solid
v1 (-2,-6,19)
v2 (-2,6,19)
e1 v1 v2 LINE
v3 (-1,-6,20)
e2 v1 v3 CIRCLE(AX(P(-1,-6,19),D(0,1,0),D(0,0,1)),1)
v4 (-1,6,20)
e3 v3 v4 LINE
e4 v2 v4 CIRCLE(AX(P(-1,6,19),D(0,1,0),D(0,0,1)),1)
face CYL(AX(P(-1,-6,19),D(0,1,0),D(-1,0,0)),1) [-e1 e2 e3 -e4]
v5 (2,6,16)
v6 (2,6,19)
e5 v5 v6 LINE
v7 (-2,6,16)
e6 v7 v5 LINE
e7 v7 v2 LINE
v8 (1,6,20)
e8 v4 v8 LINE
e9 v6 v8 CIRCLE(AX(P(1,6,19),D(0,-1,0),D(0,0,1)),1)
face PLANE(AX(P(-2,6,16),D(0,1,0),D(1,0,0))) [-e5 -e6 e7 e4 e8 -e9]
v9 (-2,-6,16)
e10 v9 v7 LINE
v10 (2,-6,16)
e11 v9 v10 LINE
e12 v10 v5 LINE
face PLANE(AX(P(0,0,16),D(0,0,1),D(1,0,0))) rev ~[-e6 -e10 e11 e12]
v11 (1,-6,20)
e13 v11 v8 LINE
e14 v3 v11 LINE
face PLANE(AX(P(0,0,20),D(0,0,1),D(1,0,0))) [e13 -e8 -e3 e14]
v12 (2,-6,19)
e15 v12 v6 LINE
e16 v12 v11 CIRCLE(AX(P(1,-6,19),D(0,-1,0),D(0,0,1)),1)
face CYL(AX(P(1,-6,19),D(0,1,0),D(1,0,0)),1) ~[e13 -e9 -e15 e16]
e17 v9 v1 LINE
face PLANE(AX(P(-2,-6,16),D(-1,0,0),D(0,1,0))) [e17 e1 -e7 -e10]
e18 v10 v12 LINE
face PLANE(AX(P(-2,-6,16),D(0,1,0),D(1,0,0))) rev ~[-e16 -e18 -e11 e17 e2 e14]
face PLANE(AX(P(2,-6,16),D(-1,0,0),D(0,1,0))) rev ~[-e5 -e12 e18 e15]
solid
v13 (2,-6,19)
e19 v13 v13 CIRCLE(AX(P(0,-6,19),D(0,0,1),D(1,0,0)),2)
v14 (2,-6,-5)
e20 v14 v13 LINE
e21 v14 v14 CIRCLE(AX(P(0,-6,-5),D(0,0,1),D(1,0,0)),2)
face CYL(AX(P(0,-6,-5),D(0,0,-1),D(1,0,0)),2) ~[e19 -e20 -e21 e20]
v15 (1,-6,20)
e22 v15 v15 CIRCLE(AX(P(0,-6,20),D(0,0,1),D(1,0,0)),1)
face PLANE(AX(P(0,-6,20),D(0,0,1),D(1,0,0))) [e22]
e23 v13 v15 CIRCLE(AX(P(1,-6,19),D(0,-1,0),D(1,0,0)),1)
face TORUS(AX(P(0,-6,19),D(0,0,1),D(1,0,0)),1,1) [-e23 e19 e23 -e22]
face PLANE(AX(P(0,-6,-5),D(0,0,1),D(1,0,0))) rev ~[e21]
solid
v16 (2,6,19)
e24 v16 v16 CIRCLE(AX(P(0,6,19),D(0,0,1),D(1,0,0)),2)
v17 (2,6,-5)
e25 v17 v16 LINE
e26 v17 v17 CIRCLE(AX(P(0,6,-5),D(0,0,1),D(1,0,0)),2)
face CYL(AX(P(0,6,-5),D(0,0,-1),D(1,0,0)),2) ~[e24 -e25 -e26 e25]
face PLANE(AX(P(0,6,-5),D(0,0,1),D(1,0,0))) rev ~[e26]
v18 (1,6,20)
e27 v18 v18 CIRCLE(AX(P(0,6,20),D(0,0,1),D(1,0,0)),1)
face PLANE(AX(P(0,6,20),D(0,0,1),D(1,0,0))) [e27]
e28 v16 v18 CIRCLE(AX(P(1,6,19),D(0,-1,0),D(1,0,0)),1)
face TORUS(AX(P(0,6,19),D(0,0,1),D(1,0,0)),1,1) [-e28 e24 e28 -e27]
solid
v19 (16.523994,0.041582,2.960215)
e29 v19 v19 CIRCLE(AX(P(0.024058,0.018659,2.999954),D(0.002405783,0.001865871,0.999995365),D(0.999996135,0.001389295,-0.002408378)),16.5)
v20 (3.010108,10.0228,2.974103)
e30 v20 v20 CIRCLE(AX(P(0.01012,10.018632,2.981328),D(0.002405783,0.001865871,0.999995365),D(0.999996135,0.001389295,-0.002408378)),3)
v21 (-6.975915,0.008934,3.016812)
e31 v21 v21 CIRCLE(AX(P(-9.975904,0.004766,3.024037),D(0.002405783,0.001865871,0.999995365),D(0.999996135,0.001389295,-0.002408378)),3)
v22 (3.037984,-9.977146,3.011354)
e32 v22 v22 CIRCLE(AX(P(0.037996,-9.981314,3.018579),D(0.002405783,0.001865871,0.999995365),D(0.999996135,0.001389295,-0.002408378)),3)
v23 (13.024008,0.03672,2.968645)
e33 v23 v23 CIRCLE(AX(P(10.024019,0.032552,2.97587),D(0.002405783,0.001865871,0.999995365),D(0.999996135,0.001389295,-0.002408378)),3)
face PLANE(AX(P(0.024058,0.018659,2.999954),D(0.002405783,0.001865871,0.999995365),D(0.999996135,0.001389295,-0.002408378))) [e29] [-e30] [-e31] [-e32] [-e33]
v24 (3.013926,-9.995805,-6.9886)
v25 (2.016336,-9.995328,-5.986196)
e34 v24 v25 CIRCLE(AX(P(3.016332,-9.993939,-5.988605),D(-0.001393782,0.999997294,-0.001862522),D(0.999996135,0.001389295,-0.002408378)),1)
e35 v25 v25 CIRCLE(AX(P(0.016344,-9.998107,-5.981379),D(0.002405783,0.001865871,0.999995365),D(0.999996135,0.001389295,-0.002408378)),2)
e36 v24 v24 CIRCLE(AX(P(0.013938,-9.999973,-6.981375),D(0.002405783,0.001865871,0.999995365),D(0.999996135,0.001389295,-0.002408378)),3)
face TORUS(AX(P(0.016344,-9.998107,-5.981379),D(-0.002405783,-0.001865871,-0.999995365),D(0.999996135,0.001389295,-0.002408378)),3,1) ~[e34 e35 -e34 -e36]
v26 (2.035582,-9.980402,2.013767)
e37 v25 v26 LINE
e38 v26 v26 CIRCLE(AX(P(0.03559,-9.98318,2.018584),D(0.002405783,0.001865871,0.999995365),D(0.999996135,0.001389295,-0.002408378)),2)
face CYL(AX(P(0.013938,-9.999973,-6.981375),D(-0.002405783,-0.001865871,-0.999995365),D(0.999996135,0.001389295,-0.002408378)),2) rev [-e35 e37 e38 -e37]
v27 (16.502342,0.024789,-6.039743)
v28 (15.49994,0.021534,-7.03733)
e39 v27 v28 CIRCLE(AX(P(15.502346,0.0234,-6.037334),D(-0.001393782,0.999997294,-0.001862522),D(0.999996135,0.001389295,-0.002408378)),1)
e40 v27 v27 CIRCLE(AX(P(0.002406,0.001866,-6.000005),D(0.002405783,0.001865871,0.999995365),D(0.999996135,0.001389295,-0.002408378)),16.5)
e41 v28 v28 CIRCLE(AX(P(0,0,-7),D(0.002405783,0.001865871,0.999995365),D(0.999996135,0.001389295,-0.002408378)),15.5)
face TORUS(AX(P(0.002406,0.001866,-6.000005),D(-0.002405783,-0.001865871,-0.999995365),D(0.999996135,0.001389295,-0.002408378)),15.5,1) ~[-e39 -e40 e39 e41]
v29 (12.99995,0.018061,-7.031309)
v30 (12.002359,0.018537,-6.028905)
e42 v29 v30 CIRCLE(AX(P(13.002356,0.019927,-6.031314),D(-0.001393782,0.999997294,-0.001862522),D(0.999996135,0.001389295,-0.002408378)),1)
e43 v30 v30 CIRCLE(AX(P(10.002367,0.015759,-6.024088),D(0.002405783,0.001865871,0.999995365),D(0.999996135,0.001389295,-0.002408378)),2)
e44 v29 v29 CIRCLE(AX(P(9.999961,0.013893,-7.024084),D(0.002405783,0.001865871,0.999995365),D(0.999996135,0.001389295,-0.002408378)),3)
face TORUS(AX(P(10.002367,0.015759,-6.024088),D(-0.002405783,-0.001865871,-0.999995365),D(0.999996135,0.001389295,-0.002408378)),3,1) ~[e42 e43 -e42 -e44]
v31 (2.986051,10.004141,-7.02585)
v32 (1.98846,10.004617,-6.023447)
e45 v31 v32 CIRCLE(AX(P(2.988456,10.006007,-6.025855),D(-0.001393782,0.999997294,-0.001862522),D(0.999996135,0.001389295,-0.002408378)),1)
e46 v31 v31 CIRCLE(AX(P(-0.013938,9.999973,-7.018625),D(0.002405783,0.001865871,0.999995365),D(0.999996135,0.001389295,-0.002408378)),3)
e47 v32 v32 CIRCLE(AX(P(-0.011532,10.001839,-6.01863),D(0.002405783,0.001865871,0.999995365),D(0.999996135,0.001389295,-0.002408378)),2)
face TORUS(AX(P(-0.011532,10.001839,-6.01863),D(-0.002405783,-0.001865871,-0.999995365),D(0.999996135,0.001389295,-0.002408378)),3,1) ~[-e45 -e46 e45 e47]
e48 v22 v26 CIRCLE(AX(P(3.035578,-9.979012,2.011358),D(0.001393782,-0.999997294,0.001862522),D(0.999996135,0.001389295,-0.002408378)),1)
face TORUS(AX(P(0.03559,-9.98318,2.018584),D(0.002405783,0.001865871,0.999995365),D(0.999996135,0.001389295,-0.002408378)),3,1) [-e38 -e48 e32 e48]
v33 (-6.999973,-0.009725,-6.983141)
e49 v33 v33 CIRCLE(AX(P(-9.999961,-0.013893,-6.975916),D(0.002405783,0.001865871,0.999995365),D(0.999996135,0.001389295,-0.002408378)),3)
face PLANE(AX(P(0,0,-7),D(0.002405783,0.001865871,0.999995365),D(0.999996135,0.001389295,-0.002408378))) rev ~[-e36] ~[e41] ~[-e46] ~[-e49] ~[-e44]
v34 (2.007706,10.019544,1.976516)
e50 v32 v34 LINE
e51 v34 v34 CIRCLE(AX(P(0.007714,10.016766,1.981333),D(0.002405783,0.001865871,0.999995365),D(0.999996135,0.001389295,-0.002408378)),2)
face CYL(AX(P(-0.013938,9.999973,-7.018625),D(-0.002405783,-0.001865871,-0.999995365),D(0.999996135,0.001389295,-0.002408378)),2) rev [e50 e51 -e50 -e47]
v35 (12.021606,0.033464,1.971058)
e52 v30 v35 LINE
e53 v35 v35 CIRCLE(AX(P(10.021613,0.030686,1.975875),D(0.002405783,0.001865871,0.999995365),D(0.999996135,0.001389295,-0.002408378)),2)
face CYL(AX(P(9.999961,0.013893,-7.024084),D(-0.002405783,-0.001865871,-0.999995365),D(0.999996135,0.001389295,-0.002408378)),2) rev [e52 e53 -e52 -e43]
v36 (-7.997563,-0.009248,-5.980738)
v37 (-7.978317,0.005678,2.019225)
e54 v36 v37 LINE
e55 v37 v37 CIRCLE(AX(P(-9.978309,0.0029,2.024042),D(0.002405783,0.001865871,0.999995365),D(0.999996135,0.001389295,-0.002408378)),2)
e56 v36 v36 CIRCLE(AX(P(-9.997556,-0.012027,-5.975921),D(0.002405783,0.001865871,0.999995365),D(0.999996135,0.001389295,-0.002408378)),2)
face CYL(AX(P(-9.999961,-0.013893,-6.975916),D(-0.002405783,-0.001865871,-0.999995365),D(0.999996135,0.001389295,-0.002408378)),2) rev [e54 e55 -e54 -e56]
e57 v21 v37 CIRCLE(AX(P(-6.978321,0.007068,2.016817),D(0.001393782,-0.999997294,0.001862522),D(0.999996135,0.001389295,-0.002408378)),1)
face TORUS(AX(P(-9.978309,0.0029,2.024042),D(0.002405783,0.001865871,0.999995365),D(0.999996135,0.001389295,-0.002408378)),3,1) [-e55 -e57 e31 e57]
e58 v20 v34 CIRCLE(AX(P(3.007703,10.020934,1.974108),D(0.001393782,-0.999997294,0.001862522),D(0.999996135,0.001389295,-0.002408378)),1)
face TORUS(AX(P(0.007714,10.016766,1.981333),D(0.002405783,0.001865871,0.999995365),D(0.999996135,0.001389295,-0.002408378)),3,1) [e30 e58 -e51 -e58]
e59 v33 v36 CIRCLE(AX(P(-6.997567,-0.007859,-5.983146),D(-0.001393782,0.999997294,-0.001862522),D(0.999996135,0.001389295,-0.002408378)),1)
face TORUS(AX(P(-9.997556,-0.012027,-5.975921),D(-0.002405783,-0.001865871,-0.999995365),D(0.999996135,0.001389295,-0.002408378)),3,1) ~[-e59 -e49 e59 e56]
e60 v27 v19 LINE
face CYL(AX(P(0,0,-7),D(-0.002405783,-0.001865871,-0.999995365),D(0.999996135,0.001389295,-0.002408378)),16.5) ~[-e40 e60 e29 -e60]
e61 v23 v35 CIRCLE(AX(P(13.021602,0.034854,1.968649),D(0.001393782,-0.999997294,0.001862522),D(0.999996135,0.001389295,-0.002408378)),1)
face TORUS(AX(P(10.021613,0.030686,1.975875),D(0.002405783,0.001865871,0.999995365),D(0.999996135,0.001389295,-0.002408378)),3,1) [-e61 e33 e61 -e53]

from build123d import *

# Parameters (mm, degrees)
BOX_W                  = 4
BOX_H                  = 12
BOX_DEPTH              = 4
FILLET_R               = 1
CYLINDER007_R          = 2
CYLINDER007_DEPTH      = 25
FILLET001_R            = 1
CYLINDER006_R          = 2
CYLINDER006_DEPTH      = 25
FILLET002_R            = 1
CYLINDER004_R          = 2
CYLINDER004_DEPTH      = 10
CYLINDER002_R          = 2
CYLINDER002_DEPTH      = 10
CYLINDER001_R          = 2
CYLINDER001_DEPTH      = 10
CYLINDER005_R          = 2
CYLINDER005_DEPTH      = 10
CYLINDER_R             = 16.5
CYLINDER_DEPTH         = 10
CUT003_ROLL_ANGLE      = -0.106715
CUT003_PITCH_ANGLE     = 0.13799
CUT003_PLACEMENT_ANGLE = 0.079601
FILLET003_R            = 1


with BuildPart() as fillet_body:
    # Box → Box (new body)
    with BuildSketch(Plane(origin=(-2, -6, 16), x_dir=(1, 0, 0), z_dir=(0, 0, 1))):
        with Locations((2, 6)):
            Rectangle(BOX_W, BOX_H)
    extrude(amount=BOX_DEPTH)

    # Fillet
    fillet_edges = [fillet_body.edges().sort_by_distance(p)[0] for p in [
        (-2, 0, 20),
        (2, 0, 20),
    ]]
    fillet(fillet_edges, radius=FILLET_R)


with BuildPart() as fillet001:
    # Cylinder007 → Cylinder007 (new body)
    with BuildSketch(Plane(origin=(0, -6, -5), x_dir=(1, 0, 0), z_dir=(0, 0, 1))):
        Circle(CYLINDER007_R)
    extrude(amount=CYLINDER007_DEPTH)

    # Fillet001
    fillet001_edges = [fillet001.edges().sort_by_distance(p)[0] for p in [
        (-2, -6, 20),
    ]]
    fillet(fillet001_edges, radius=FILLET001_R)


with BuildPart() as fillet002:
    # Cylinder006 → Cylinder006 (new body)
    with BuildSketch(Plane(origin=(0, 6, -5), x_dir=(1, 0, 0), z_dir=(0, 0, 1))):
        Circle(CYLINDER006_R)
    extrude(amount=CYLINDER006_DEPTH)

    # Fillet002
    fillet002_edges = [fillet002.edges().sort_by_distance(p)[0] for p in [
        (-2, 6, 20),
    ]]
    fillet(fillet002_edges, radius=FILLET002_R)


with BuildPart() as cylindre004:
    # Cylinder004 → Cylinder004 (new body)
    with BuildSketch(Plane(origin=(-10, 0, 0), x_dir=(1, 0, 0), z_dir=(0, 0, 1))):
        Circle(CYLINDER004_R)
    extrude(amount=CYLINDER004_DEPTH)


with BuildPart() as cylindre002:
    # Cylinder002 → Cylinder002 (new body)
    with BuildSketch(Plane(origin=(0, -10, 0), x_dir=(1, 0, 0), z_dir=(0, 0, 1))):
        Circle(CYLINDER002_R)
    extrude(amount=CYLINDER002_DEPTH)


with BuildPart() as cylindre001:
    # Cylinder001 → Cylinder001 (new body)
    with BuildSketch(Plane(origin=(0, 10, 0), x_dir=(1, 0, 0), z_dir=(0, 0, 1))):
        Circle(CYLINDER001_R)
    extrude(amount=CYLINDER001_DEPTH)


with BuildPart() as cylindre005:
    # Cylinder005 → Cylinder005 (new body)
    with BuildSketch(Plane(origin=(10, 0, 0), x_dir=(1, 0, 0), z_dir=(0, 0, 1))):
        Circle(CYLINDER005_R)
    extrude(amount=CYLINDER005_DEPTH)


with BuildPart() as base001:
    # Cylinder → Cylinder (new body)
    with BuildSketch(Plane.XY):
        Circle(CYLINDER_R)
    extrude(amount=CYLINDER_DEPTH)

    # Cut: cut Cylindre005
    add(cylindre005.part, mode=Mode.SUBTRACT)

    # Cut001: cut Cylindre001
    add(cylindre001.part, mode=Mode.SUBTRACT)

    # Cut002: cut Cylindre002
    add(cylindre002.part, mode=Mode.SUBTRACT)

    # Cut003: cut Cylindre004
    add(cylindre004.part, mode=Mode.SUBTRACT)


with BuildPart() as base001_1:
    # Cut003 roll: moved
    add(base001.part.rotate(Axis((0, 0, 0), (1, 0, 0)), CUT003_ROLL_ANGLE))


with BuildPart() as base001_2:
    # Cut003 pitch: moved
    add(base001_1.part.rotate(Axis((0, 0, 0), (0, 1, 0)), CUT003_PITCH_ANGLE))


with BuildPart() as base001_3:
    # Cut003 placement: moved
    add(base001_2.part.moved(Location((0, 0, -7))).rotate(Axis((0, 0, -7), (0, 0, 1)), CUT003_PLACEMENT_ANGLE))

    # Fillet003
    fillet003_edges = [base001_3.edges().sort_by_distance(p)[0] for p in [
        (-16.499936, -0.022923, -6.960262),
        (-11.975896, 0.001987, 3.028854),
        (-1.989872, 10.015853, 2.986145),
        (-1.961997, -9.984093, 3.023396),
        (8.024027, 0.029773, 2.980687),
        (-11.999954, -0.016672, -6.971099),
        (-2.01393, 9.997194, -7.013808),
        (-1.986054, -10.002752, -6.976558),
        (7.999969, 0.011114, -7.019267),
    ]]
    fillet(fillet003_edges, radius=FILLET003_R)


solid = Compound([fillet_body.part, fillet001.part, fillet002.part, base001_3.part])
